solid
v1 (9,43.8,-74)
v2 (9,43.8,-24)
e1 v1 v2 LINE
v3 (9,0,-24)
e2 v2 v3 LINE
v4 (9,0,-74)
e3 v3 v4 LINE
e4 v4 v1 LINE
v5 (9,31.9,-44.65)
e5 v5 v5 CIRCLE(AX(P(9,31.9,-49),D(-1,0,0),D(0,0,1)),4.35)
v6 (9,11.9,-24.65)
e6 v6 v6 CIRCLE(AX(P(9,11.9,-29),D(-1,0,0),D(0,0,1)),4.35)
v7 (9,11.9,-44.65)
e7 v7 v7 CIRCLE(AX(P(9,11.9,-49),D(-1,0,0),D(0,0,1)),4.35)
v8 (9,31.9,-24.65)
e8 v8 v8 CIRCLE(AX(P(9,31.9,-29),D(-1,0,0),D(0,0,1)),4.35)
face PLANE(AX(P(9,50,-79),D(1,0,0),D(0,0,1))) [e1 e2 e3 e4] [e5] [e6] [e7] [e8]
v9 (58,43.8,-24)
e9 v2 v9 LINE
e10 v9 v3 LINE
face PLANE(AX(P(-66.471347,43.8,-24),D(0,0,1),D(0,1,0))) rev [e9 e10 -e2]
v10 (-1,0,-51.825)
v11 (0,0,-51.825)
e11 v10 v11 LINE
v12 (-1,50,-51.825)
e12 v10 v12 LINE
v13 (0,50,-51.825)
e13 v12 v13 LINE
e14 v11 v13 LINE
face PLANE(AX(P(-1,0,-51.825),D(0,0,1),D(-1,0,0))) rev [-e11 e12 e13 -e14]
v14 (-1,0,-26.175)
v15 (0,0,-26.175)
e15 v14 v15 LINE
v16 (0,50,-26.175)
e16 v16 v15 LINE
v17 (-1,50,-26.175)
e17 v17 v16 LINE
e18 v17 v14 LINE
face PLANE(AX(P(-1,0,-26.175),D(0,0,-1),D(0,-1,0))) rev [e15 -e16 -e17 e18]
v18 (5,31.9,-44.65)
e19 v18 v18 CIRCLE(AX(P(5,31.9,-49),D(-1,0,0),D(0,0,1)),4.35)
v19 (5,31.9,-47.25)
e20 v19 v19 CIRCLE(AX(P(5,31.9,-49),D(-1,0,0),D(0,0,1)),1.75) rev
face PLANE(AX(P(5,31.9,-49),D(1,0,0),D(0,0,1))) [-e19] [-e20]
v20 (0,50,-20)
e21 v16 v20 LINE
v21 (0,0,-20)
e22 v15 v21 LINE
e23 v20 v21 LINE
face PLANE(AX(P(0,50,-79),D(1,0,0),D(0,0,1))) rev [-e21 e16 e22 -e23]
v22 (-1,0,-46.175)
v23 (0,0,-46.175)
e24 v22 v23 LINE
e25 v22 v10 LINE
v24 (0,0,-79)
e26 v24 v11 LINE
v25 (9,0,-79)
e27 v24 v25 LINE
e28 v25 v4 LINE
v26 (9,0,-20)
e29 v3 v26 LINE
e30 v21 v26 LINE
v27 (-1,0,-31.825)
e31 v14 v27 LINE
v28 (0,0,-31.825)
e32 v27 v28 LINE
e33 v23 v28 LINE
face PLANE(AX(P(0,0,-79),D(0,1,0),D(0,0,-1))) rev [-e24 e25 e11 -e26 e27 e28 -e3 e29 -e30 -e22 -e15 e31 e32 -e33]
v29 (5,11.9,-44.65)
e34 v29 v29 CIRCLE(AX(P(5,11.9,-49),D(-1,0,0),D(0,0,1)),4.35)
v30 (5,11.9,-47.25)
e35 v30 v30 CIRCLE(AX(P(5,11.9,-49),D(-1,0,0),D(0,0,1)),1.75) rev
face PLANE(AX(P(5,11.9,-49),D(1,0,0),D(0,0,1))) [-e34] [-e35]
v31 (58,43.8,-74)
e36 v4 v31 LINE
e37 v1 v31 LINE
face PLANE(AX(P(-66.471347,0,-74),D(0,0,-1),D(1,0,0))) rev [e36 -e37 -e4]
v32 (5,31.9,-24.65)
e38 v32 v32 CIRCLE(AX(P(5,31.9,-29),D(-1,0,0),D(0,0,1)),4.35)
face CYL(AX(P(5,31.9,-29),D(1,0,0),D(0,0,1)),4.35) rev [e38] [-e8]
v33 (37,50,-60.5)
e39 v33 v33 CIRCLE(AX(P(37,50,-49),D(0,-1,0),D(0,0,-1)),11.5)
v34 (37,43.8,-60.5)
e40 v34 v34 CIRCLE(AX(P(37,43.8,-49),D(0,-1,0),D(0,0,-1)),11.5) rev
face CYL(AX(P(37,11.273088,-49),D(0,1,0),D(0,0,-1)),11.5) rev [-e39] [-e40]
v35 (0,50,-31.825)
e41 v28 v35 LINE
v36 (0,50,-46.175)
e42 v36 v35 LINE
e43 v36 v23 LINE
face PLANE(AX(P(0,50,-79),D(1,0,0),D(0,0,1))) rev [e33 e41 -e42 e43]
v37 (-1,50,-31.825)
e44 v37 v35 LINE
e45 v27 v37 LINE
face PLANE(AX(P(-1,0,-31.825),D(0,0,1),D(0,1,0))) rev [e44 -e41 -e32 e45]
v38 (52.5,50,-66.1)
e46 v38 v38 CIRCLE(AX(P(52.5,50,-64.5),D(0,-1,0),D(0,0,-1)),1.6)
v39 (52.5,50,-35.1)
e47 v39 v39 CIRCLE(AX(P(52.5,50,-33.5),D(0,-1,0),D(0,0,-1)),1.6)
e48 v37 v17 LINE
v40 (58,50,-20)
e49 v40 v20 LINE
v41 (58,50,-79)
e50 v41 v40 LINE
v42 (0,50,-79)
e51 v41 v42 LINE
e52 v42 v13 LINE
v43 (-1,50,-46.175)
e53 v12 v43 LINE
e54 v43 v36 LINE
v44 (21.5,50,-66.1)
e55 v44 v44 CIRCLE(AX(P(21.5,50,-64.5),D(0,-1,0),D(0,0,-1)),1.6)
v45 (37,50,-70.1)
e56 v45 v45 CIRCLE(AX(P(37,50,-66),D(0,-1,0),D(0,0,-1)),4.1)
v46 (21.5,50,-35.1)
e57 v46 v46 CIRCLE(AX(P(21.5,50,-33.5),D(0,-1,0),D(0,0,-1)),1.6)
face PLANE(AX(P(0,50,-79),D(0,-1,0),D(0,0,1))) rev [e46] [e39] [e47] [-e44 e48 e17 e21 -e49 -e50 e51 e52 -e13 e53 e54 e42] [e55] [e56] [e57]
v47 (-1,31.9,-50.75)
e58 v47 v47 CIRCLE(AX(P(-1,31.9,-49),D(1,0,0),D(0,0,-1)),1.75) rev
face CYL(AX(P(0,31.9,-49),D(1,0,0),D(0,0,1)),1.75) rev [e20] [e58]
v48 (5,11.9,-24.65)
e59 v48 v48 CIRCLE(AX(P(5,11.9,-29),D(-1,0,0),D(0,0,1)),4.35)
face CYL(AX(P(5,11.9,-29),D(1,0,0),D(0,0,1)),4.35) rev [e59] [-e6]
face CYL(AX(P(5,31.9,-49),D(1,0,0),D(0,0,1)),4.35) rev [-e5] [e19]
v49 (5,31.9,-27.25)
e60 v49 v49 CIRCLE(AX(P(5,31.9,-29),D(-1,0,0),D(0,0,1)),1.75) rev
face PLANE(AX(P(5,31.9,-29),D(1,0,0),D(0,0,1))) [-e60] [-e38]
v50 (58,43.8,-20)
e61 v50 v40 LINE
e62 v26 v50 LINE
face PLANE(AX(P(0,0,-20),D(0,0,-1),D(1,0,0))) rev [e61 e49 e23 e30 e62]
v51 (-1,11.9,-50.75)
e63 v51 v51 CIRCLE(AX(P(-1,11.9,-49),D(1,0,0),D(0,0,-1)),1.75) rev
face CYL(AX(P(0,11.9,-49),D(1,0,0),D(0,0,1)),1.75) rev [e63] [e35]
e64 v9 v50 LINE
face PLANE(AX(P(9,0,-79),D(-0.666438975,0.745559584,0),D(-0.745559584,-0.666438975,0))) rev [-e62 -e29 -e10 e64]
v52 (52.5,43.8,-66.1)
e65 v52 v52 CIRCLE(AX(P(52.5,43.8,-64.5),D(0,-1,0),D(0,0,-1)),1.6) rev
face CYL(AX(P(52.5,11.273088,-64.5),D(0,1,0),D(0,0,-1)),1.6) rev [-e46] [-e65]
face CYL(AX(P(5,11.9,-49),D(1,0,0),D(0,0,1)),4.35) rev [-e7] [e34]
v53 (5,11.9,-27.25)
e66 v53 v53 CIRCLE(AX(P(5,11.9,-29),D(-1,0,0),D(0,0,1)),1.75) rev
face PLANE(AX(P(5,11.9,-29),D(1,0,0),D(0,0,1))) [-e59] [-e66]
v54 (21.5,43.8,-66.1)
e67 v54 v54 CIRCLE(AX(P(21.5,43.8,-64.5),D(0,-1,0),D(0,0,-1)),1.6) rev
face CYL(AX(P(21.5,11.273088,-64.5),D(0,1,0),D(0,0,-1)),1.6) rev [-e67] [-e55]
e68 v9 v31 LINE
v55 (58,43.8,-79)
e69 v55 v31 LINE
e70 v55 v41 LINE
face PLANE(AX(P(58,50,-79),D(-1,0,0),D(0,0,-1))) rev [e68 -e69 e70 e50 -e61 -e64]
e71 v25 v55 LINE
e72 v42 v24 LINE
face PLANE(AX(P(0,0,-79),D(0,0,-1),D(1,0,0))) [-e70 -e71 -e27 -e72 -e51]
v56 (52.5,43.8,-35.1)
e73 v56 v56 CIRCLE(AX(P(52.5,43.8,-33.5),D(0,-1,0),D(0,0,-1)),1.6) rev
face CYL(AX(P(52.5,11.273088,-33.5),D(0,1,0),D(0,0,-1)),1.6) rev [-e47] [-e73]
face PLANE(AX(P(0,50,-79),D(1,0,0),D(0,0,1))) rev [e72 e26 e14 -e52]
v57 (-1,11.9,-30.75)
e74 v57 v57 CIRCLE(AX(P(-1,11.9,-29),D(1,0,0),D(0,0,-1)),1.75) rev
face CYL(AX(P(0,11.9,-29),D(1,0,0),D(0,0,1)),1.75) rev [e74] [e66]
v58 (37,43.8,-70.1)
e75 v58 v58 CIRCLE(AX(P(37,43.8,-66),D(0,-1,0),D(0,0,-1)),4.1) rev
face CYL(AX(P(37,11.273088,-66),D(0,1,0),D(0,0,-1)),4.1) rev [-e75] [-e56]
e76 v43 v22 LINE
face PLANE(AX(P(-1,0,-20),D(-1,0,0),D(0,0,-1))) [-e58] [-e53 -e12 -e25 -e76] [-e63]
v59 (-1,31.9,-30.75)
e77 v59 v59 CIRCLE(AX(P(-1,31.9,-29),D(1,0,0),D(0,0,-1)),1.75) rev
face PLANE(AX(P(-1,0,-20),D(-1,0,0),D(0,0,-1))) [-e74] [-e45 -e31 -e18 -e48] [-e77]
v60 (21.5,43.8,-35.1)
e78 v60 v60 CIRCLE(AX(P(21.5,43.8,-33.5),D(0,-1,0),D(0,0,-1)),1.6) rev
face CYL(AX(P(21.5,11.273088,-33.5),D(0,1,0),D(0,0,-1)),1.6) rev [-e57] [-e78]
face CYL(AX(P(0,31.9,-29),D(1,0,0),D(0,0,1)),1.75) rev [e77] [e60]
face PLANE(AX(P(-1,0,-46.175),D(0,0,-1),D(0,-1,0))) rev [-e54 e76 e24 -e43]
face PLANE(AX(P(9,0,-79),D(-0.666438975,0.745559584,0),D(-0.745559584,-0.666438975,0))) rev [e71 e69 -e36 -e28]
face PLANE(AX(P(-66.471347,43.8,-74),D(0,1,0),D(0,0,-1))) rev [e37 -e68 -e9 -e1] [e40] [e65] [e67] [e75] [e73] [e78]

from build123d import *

# Parameters (mm, degrees)
RESSALTO_EXTRUS_O1_DEPTH = 59
ESBO_O2_W                = 50
ESBO_O2_H                = 43.8
CORTE_EXTRUS_O1_DEPTH    = 49
ESBO_O3_R                = 1.75
CORTE_EXTRUS_O2_DEPTH    = 92.553263186
ESBO_O4_W                = 5.65
ESBO_O4_H                = 50
ESBO_O4_R                = 1.75
RESSALTO_EXTRUS_O2_DEPTH = 1
ESBO_O5_R                = 4.35
CORTE_EXTRUS_O3_DEPTH    = 4
ESBO_O6_R                = 11.5
ESBO_O6_R_2              = 1.6
ESBO_O6_R_3              = 4.1
CORTE_EXTRUS_O4_DEPTH    = 6.2
ESBO_O7_W                = 146.645029728
ESBO_O7_H                = 95.479941405
CORTE_EXTRUS_O5_DEPTH    = 139


with BuildPart() as part:
    # Esboço1 → Ressalto-extrusão1 (new body)
    with BuildSketch(Plane.XY):
        Polygon((9, 0), (58, 43.8), (58, 50), (0, 50), (0, 0), align=None)
    extrude(amount=RESSALTO_EXTRUS_O1_DEPTH)

    # Esboço2 → Corte-extrusão1 (cut)
    with BuildSketch(Plane(origin=(58, 0, 0), x_dir=(0, 0, -1), z_dir=(1, 0, 0))):
        with Locations((-29, 21.9)):
            Rectangle(ESBO_O2_W, ESBO_O2_H)
    extrude(amount=-CORTE_EXTRUS_O1_DEPTH, mode=Mode.SUBTRACT)

    # Esboço3 → Corte-extrusão2 (cut, through all)
    with BuildSketch(Plane(origin=(9, 0, 0), x_dir=(0, 0, -1), z_dir=(1, 0, 0))):
        with Locations((-29, 11.9)):
            Circle(ESBO_O3_R)
        with Locations((-29, 31.9)):
            Circle(ESBO_O3_R)
        with Locations((-9, 31.9)):
            Circle(ESBO_O3_R)
        with Locations((-9, 11.9)):
            Circle(ESBO_O3_R)
    extrude(amount=-CORTE_EXTRUS_O2_DEPTH, mode=Mode.SUBTRACT)

    # Esboço4 → Ressalto-extrusão2 (add)
    # profile 1 of 2: a face of its own
    with BuildSketch(Plane.ZY):
        with Locations((9, 25)):
            Rectangle(ESBO_O4_W, ESBO_O4_H)
        with Locations(Location((9, 11.9, 0), (0, 0, 180))):
            Circle(ESBO_O4_R, mode=Mode.SUBTRACT)
        with Locations(Location((9, 31.9, 0), (0, 0, 180))):
            Circle(ESBO_O4_R, mode=Mode.SUBTRACT)
    # profile 2 of 2: a face of its own
    with BuildSketch(Plane.ZY):
        with Locations((29, 25)):
            Rectangle(ESBO_O4_W, ESBO_O4_H)
        with Locations(Location((29, 11.9, 0), (0, 0, 180))):
            Circle(ESBO_O4_R, mode=Mode.SUBTRACT)
        with Locations(Location((29, 31.9, 0), (0, 0, 180))):
            Circle(ESBO_O4_R, mode=Mode.SUBTRACT)
    extrude(amount=RESSALTO_EXTRUS_O2_DEPTH)

    # Esboço5 → Corte-extrusão3 (cut)
    with BuildSketch(Plane(origin=(9, 0, 0), x_dir=(0, 0, -1), z_dir=(1, 0, 0))):
        with Locations((-29, 31.9)):
            Circle(ESBO_O5_R)
        with Locations((-9, 31.9)):
            Circle(ESBO_O5_R)
        with Locations((-29, 11.9)):
            Circle(ESBO_O5_R)
        with Locations((-9, 11.9)):
            Circle(ESBO_O5_R)
    extrude(amount=-CORTE_EXTRUS_O3_DEPTH, mode=Mode.SUBTRACT)

    # Esboço6 → Corte-extrusão4 (cut)
    with BuildSketch(Plane(origin=(0, 50, 0), x_dir=(1, 0, 0), z_dir=(0, 1, 0))):
        with Locations(Location((37, -29, 0), (0, 0, 270))):
            Circle(ESBO_O6_R)
        with Locations(Location((21.5, -13.5, 0), (0, 0, 270))):
            Circle(ESBO_O6_R_2)
        with Locations(Location((52.5, -13.5, 0), (0, 0, 270))):
            Circle(ESBO_O6_R_2)
        with Locations(Location((52.5, -44.5, 0), (0, 0, 270))):
            Circle(ESBO_O6_R_2)
        with Locations(Location((21.5, -44.5, 0), (0, 0, 270))):
            Circle(ESBO_O6_R_2)
        with Locations(Location((37, -46, 0), (0, 0, 270))):
            Circle(ESBO_O6_R_3)
    extrude(amount=-CORTE_EXTRUS_O4_DEPTH, mode=Mode.SUBTRACT)


with BuildPart() as body_2:
    # Espelhar2: mirrored copy
    add(part.part.mirror(Plane(origin=(0, 0, -10), x_dir=(1, 0, 0), z_dir=(0, 0, -1))))


with BuildPart() as part_1:
    add(part.part)

    # Esboço7 → Corte-extrusão5 (cut)
    with BuildSketch(Plane(origin=(0, 0, -10), x_dir=(-1, 0, 0), z_dir=(0, 0, -1))):
        with Locations((-17.98187812, 24.060524641)):
            Rectangle(ESBO_O7_W, ESBO_O7_H)
    extrude(amount=-CORTE_EXTRUS_O5_DEPTH, mode=Mode.SUBTRACT)


solid = body_2.part
